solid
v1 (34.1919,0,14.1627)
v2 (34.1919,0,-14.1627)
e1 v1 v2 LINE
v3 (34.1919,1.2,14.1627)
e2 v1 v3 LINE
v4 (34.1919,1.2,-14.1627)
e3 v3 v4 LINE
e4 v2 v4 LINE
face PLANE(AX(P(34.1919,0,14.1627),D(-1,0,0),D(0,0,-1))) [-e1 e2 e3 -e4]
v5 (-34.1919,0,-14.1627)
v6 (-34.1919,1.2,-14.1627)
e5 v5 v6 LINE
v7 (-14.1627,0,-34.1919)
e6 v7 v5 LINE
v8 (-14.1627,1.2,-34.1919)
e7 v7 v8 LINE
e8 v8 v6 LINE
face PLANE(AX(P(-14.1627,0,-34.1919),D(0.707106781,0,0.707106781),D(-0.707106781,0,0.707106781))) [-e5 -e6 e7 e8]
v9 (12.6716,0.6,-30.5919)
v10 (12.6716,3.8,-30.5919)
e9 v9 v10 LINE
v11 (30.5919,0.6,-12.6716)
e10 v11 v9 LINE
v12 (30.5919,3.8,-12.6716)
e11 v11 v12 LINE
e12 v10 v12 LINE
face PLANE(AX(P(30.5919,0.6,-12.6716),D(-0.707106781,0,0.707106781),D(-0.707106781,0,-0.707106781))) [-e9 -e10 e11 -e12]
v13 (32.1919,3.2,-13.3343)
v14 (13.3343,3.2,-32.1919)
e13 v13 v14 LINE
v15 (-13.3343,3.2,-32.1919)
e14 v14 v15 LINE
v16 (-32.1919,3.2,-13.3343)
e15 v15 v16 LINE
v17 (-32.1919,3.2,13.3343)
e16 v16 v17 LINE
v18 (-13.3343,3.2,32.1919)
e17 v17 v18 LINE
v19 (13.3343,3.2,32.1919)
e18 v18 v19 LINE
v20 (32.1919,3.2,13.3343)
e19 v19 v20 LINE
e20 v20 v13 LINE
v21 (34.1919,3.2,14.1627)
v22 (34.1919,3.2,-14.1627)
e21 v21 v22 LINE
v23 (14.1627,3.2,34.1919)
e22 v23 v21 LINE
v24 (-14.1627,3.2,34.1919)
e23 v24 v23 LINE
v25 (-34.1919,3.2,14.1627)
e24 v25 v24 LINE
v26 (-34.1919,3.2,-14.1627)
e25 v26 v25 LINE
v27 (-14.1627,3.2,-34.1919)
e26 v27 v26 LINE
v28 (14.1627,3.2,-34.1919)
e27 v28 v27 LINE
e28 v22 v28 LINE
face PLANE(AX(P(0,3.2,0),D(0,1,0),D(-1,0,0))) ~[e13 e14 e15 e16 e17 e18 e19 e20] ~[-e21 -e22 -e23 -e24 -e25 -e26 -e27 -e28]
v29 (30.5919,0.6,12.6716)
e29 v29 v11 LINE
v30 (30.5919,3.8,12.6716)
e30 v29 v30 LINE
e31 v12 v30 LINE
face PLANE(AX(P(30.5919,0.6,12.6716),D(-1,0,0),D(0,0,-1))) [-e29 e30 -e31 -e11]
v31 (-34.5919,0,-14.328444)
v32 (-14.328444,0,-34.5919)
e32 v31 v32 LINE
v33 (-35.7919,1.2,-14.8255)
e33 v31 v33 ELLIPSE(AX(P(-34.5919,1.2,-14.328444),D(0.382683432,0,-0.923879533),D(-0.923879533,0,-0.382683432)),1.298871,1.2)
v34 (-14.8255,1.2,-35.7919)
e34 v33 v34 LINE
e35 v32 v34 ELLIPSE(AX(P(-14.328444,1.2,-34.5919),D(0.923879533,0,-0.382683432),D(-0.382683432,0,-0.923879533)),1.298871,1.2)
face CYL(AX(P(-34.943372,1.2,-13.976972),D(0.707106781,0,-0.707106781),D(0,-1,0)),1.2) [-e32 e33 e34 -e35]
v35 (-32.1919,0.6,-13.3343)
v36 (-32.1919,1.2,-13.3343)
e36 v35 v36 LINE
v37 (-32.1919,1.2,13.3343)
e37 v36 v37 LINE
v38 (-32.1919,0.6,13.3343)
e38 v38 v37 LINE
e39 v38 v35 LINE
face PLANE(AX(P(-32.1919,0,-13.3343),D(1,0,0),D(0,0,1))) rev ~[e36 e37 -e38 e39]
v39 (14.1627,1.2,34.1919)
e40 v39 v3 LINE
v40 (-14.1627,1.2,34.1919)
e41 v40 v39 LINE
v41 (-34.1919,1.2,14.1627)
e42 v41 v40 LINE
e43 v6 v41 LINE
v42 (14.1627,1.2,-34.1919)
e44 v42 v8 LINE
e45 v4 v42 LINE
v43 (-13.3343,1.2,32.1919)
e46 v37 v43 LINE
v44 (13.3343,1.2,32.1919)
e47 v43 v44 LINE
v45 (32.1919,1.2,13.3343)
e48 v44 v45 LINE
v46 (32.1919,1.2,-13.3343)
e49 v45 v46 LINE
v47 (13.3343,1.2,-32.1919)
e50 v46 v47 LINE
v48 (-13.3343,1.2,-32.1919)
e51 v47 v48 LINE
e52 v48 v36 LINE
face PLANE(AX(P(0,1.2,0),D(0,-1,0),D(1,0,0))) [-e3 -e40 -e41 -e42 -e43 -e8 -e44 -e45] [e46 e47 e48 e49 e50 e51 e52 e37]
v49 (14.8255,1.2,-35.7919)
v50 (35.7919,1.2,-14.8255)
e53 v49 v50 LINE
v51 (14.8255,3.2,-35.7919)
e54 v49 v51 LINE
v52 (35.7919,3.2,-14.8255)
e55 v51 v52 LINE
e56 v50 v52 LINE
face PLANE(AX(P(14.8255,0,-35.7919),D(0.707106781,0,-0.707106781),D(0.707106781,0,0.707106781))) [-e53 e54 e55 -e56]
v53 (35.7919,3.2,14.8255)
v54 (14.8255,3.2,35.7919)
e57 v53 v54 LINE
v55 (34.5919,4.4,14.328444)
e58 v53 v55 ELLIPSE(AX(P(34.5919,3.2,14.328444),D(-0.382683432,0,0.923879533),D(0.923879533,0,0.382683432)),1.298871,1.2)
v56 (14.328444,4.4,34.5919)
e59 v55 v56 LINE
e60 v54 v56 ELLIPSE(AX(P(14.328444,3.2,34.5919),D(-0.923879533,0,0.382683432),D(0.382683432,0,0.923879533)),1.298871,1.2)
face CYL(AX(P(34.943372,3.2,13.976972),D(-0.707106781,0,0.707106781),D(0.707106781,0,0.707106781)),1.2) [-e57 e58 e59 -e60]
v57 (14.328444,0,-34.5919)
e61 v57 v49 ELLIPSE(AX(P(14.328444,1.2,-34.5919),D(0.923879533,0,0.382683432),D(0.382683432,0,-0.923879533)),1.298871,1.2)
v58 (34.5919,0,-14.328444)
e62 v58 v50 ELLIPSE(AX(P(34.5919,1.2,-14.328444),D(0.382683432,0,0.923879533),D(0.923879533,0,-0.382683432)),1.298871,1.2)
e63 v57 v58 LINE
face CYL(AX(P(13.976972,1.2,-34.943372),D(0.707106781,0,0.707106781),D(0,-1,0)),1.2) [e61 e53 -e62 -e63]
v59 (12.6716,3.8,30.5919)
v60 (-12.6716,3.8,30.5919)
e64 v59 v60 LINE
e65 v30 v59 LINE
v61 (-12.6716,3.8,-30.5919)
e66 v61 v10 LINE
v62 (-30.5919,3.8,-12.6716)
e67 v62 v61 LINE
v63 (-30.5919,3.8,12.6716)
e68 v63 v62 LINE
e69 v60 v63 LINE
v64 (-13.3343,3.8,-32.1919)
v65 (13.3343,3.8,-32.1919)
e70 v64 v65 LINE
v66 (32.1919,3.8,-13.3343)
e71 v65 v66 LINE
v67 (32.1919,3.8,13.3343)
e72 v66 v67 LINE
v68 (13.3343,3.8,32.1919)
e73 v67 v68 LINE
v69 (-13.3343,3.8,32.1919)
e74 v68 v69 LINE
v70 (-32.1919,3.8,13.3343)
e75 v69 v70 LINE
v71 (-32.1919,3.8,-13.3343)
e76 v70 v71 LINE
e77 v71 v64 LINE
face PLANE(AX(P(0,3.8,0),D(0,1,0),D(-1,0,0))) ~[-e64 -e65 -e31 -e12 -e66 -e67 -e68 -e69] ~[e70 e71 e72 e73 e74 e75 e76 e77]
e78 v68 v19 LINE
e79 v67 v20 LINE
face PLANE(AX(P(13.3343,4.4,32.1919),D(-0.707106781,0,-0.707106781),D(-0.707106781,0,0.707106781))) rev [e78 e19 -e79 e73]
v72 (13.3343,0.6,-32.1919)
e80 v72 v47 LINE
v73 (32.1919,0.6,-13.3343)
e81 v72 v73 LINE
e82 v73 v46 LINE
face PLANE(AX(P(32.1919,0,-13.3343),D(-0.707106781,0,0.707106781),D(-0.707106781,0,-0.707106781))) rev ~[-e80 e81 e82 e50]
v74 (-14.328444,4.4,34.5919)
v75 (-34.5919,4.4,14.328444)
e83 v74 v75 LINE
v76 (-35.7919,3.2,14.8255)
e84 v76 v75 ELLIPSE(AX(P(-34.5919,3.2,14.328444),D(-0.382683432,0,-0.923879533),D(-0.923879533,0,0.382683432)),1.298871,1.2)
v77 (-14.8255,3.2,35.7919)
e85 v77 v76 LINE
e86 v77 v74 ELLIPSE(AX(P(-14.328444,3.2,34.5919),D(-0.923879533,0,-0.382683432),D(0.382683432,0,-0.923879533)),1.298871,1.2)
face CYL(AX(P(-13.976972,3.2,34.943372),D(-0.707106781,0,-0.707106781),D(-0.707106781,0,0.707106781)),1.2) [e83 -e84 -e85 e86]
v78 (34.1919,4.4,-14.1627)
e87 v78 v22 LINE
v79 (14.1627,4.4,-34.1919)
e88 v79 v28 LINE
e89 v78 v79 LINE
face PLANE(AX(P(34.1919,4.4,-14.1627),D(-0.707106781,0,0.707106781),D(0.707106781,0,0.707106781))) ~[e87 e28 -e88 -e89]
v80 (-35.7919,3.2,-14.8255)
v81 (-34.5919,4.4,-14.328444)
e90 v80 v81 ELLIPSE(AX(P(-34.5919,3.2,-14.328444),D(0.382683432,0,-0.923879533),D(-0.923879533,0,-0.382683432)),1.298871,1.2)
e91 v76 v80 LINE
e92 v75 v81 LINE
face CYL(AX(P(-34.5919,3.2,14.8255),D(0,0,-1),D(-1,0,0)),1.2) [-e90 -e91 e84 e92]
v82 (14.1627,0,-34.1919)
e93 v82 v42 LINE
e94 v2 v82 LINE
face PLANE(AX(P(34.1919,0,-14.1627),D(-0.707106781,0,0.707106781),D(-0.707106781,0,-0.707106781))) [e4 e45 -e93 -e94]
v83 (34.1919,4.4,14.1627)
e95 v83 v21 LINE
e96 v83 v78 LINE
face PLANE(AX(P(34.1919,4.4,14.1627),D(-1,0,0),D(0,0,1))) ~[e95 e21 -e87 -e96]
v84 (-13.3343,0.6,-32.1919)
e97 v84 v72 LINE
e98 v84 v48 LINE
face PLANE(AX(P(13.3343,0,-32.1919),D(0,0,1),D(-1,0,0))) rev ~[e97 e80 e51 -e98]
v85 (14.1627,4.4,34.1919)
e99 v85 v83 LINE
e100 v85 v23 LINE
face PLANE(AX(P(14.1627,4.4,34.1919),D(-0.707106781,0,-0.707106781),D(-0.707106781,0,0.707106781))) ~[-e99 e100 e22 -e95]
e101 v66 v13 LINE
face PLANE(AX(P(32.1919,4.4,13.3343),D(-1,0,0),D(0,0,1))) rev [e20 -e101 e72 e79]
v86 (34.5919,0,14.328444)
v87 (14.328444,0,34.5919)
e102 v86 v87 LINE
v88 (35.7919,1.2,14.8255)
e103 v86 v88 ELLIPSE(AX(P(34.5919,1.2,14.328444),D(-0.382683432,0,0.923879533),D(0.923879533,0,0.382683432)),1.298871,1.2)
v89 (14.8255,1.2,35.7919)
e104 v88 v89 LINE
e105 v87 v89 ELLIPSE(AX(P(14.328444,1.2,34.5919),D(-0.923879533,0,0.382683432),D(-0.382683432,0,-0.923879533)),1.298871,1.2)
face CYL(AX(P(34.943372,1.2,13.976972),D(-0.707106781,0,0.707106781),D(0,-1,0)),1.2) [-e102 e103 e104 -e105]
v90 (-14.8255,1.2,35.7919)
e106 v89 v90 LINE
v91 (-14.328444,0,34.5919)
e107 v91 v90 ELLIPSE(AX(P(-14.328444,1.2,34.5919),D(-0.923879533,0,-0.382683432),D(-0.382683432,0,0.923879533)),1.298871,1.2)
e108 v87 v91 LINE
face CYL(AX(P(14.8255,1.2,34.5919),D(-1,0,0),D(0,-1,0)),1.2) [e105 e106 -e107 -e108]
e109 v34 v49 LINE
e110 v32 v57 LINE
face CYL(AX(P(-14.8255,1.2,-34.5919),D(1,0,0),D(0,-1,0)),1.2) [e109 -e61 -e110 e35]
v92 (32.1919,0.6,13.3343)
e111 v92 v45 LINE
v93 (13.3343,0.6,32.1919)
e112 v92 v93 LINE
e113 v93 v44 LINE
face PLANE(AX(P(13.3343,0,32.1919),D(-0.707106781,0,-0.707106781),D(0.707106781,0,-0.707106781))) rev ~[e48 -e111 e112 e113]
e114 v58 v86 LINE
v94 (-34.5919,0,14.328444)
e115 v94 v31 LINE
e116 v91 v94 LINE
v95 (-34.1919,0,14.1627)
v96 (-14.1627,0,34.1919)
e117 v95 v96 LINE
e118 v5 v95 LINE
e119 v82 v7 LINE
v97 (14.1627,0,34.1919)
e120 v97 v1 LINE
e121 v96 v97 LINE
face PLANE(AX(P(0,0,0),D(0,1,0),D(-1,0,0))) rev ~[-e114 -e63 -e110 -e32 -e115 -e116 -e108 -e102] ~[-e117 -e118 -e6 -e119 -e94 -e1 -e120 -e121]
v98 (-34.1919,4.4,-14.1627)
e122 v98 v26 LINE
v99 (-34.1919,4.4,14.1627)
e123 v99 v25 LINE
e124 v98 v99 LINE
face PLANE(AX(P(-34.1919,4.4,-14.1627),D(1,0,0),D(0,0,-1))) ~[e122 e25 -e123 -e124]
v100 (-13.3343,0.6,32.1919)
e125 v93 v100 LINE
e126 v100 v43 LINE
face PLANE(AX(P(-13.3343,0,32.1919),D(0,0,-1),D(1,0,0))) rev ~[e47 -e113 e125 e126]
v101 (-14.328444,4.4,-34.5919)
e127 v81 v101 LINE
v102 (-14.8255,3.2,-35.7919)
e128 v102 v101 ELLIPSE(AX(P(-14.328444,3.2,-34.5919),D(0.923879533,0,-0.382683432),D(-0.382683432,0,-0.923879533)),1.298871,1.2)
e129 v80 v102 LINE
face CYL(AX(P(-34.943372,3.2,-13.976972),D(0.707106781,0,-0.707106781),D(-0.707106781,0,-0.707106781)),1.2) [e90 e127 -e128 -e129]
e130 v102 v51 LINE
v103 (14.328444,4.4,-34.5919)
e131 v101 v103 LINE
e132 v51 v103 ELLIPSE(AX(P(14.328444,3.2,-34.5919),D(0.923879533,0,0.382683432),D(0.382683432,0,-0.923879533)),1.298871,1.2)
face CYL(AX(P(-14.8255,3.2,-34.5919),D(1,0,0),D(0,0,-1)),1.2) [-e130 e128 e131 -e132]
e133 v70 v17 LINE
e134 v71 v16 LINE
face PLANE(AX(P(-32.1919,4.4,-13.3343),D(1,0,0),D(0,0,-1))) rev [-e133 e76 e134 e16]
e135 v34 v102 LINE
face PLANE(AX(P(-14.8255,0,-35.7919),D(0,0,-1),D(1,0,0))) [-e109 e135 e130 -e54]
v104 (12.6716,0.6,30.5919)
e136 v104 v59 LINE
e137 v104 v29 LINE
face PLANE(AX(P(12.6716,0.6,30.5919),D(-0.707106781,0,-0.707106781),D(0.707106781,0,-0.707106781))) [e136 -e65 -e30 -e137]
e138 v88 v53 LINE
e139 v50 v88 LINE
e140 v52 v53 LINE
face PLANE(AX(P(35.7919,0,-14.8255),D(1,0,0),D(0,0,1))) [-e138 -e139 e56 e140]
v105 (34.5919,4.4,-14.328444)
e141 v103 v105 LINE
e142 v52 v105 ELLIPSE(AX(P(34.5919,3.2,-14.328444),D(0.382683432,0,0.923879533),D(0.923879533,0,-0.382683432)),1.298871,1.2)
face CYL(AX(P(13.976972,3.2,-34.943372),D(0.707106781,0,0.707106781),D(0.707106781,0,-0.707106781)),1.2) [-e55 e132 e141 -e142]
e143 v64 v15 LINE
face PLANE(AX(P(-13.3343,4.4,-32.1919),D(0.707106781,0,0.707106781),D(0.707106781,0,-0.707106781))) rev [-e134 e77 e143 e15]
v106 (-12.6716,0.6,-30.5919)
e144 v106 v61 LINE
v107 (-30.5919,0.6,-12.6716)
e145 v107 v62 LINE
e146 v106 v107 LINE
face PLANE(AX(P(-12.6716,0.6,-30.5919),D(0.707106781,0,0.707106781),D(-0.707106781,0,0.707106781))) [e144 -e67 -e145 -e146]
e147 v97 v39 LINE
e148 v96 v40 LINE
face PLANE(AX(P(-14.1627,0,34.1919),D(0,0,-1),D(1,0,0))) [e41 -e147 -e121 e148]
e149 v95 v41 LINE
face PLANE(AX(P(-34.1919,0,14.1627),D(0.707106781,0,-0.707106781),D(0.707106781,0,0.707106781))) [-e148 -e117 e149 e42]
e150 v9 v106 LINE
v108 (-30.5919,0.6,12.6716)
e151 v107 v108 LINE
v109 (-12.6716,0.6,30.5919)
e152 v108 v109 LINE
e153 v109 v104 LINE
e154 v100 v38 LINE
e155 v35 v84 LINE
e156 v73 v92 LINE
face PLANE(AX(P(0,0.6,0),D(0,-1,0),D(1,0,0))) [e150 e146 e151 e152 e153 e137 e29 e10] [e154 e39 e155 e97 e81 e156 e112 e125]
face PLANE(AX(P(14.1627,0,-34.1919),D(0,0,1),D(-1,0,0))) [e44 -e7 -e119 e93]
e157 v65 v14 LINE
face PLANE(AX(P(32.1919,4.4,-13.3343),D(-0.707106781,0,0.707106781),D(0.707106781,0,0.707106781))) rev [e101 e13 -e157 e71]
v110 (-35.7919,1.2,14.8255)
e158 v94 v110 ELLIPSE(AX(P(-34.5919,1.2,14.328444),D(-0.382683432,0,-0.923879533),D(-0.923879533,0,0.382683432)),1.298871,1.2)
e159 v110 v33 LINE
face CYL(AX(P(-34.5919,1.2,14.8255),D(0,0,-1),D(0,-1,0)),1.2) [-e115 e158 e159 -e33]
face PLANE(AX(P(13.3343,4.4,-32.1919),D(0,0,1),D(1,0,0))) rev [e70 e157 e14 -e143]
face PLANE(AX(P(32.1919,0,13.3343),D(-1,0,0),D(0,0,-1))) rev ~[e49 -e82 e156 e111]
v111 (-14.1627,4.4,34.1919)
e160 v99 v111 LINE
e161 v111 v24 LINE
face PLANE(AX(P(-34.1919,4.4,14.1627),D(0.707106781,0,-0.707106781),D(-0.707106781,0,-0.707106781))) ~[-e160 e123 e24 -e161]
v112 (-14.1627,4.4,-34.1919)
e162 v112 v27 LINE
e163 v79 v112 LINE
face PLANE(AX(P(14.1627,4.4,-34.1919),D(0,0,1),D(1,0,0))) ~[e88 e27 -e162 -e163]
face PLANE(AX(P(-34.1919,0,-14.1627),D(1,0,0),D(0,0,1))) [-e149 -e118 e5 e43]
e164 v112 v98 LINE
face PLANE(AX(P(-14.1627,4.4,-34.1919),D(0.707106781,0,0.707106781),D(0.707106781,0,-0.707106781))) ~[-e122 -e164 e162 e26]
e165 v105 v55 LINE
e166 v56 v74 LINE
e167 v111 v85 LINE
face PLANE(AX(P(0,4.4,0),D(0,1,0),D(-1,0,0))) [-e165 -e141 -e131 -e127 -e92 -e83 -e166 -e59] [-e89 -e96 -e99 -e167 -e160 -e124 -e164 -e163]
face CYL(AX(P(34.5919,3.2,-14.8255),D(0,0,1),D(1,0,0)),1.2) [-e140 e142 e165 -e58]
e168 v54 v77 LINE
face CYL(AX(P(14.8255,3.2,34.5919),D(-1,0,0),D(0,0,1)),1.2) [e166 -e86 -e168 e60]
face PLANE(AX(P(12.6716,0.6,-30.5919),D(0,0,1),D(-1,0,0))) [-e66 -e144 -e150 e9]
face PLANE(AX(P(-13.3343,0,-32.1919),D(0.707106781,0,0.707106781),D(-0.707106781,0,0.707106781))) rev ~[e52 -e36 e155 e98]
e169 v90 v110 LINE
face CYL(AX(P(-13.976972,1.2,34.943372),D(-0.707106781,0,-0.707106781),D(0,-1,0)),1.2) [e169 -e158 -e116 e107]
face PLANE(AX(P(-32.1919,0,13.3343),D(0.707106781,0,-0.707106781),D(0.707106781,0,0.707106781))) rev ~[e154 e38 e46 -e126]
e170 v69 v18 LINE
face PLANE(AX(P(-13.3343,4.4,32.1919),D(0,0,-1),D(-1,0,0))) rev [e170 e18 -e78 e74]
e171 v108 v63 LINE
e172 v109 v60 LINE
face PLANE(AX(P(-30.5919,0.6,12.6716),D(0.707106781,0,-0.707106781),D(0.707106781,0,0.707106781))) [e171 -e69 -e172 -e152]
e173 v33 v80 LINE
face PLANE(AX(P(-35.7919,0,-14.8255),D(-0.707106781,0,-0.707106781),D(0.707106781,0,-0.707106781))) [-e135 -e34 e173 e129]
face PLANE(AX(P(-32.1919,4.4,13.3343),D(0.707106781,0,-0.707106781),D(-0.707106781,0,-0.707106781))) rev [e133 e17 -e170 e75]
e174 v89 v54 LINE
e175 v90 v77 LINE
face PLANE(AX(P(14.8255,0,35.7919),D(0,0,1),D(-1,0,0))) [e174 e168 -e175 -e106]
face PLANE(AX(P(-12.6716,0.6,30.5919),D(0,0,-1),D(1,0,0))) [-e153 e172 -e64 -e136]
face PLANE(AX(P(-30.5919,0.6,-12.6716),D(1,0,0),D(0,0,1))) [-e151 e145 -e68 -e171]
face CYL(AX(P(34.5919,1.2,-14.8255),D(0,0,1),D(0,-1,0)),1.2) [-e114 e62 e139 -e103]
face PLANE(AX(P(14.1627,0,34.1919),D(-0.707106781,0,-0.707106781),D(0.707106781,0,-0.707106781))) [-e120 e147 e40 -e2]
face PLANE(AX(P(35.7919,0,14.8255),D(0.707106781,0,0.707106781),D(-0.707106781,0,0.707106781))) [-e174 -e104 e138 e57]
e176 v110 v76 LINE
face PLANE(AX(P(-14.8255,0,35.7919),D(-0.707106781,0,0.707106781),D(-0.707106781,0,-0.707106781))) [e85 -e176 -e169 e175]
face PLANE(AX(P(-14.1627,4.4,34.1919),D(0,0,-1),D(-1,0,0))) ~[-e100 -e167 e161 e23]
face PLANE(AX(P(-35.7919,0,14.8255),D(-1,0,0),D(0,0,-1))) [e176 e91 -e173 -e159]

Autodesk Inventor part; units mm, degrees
ref_plane "YZ Plane" through (0, 0, 0) normal (1, 0, 0) x (0, 1, 0)
ref_plane "XZ Plane" through (0, 0, 0) normal (0, 1, 0) x (-1, 0, 0)
sketch "스케치1" plane through (0, 0, 0) normal (0, 1, 0) x (-1, 0, 0)
  line L0 (-32.5919, 13.5) -> (-13.5, 32.5919)
  line L1 (-13.5, 32.5919) -> (13.5, 32.5919)
  line L2 (13.5, 32.5919) -> (32.5919, 13.5)
  line L3 (32.5919, 13.5) -> (32.5919, -13.5)
  line L4 (32.5919, -13.5) -> (13.5, -32.5919)
  line L5 (13.5, -32.5919) -> (-13.5, -32.5919)
  line L6 (-13.5, -32.5919) -> (-32.5919, -13.5)
  line L7 (-32.5919, -13.5) -> (-32.5919, 13.5)
  line L8 (35.7919, 14.8255) -> (35.7919, -14.8255)
  line L9 (35.7919, -14.8255) -> (14.8255, -35.7919)
  line L10 (14.8255, -35.7919) -> (-14.8255, -35.7919)
  line L11 (-14.8255, -35.7919) -> (-35.7919, -14.8255)
  line L12 (-35.7919, -14.8255) -> (-35.7919, 14.8255)
  line L13 (-35.7919, 14.8255) -> (-14.8255, 35.7919)
  line L14 (-14.8255, 35.7919) -> (14.8255, 35.7919)
  line L15 (14.8255, 35.7919) -> (35.7919, 14.8255)
  point P0 (0, 0)
  point P1 (0, 0)
  point P2 (0, 0)
  dimension "d0" = 27
  dimension "d1" = 3.2
extrude "돌출1" add sketch "스케치1" along normal blind 4.4 contours L0 L1 L2 L3 L4 L5 L6 L7 | L8 L9 L10 L11 L12 L13 L14 L15
sketch "스케치3" plane through (0, 0, 0) normal (0, -1, 0) x (1, 0, 0)
  line L0 (-13.3343, 32.1919) -> (13.3343, 32.1919)
  line L1 (13.3343, 32.1919) -> (32.1919, 13.3343)
  line L2 (32.1919, 13.3343) -> (32.1919, -13.3343)
  line L3 (32.1919, -13.3343) -> (13.3343, -32.1919)
  line L4 (13.3343, -32.1919) -> (-13.3343, -32.1919)
  line L5 (-13.3343, -32.1919) -> (-32.1919, -13.3343)
  line L6 (-32.1919, -13.3343) -> (-32.1919, 13.3343)
  line L7 (-32.1919, 13.3343) -> (-13.3343, 32.1919)
  line L8 (-14.1627, 34.1919) -> (14.1627, 34.1919)
  line L9 (14.1627, 34.1919) -> (34.1919, 14.1627)
  line L10 (34.1919, 14.1627) -> (34.1919, -14.1627)
  line L11 (34.1919, -14.1627) -> (14.1627, -34.1919)
  line L12 (14.1627, -34.1919) -> (-14.1627, -34.1919)
  line L13 (-14.1627, -34.1919) -> (-34.1919, -14.1627)
  line L14 (-34.1919, -14.1627) -> (-34.1919, 14.1627)
  line L15 (-34.1919, 14.1627) -> (-14.1627, 34.1919)
  line L16 (-14.8255, 35.7919) -> (14.8255, 35.7919) projected
  point P0 (0, 0)
  point P1 (0, 0)
  point P2 (0, 0)
  point P3 (0, 0)
  dimension "d9" = 2
  dimension "d144" = 1.6
extrude "돌출3" cut sketch "스케치3" against normal blind 1.2
sketch "스케치14" plane through (0, 0, 0) normal (0, -1, 0) x (1, 0, 0)
  line L0 (32.1919, 13.3343) -> (13.3343, 32.1919) projected
  line L1 (13.3343, 32.1919) -> (-13.3343, 32.1919) projected
  line L2 (-13.3343, 32.1919) -> (-32.1919, 13.3343) projected
  line L3 (-32.1919, 13.3343) -> (-32.1919, -13.3343) projected
  line L4 (-32.1919, -13.3343) -> (-13.3343, -32.1919) projected
  line L5 (-13.3343, -32.1919) -> (13.3343, -32.1919) projected
  line L6 (13.3343, -32.1919) -> (32.1919, -13.3343) projected
  line L7 (32.1919, -13.3343) -> (32.1919, 13.3343) projected
  point P0 (0, 0)
extrude "돌출16" cut sketch "스케치14" against normal blind 0.6
sketch "스케치15" plane through (0, 0.6, 0) normal (0, -1, 0) x (1, 0, 0)
  line L0 (-12.6716, 30.5919) -> (12.6716, 30.5919)
  line L1 (12.6716, 30.5919) -> (30.5919, 12.6716)
  line L2 (30.5919, 12.6716) -> (30.5919, -12.6716)
  line L3 (30.5919, -12.6716) -> (12.6716, -30.5919)
  line L4 (12.6716, -30.5919) -> (-12.6716, -30.5919)
  line L5 (-12.6716, -30.5919) -> (-30.5919, -12.6716)
  line L6 (-30.5919, -12.6716) -> (-30.5919, 12.6716)
  line L7 (-30.5919, 12.6716) -> (-12.6716, 30.5919)
  line L8 (-13.3343, 32.1919) -> (13.3343, 32.1919) projected
  point P0 (0, 0)
  point P1 (0, 0)
  dimension "d140" = 1.6
extrude "돌출17" cut sketch "스케치15" against normal up to surface (3.8 mm away)
ref_plane "작업 평면3" through (0, 2.2, 0) normal (0, -1, 0) x (1, 0, 0)
mirror "미러6" about plane through (0, 2.2, 0) normal (0, -1, 0) of "돌출3", "돌출16"
fillet "모깎기2" radius 1.2 16 edges at (0, 0, 35.7919) (-25.3087, 0, 25.3087) (-35.7919, 0, 0) (-25.3087, 0, -25.3087) (0, 0, -35.7919) (25.3087, 0, -25.3087) (35.7919, 0, 0) (25.3087, 0, 25.3087) (-25.3087, 4.4, 25.3087) (-35.7919, 4.4, 0) (-25.3087, 4.4, -25.3087) (0, 4.4, -35.7919) (25.3087, 4.4, -25.3087) (35.7919, 4.4, 0) (25.3087, 4.4, 25.3087) (0, 4.4, 35.7919)
properties part number "OV-PAM_ring_2"
